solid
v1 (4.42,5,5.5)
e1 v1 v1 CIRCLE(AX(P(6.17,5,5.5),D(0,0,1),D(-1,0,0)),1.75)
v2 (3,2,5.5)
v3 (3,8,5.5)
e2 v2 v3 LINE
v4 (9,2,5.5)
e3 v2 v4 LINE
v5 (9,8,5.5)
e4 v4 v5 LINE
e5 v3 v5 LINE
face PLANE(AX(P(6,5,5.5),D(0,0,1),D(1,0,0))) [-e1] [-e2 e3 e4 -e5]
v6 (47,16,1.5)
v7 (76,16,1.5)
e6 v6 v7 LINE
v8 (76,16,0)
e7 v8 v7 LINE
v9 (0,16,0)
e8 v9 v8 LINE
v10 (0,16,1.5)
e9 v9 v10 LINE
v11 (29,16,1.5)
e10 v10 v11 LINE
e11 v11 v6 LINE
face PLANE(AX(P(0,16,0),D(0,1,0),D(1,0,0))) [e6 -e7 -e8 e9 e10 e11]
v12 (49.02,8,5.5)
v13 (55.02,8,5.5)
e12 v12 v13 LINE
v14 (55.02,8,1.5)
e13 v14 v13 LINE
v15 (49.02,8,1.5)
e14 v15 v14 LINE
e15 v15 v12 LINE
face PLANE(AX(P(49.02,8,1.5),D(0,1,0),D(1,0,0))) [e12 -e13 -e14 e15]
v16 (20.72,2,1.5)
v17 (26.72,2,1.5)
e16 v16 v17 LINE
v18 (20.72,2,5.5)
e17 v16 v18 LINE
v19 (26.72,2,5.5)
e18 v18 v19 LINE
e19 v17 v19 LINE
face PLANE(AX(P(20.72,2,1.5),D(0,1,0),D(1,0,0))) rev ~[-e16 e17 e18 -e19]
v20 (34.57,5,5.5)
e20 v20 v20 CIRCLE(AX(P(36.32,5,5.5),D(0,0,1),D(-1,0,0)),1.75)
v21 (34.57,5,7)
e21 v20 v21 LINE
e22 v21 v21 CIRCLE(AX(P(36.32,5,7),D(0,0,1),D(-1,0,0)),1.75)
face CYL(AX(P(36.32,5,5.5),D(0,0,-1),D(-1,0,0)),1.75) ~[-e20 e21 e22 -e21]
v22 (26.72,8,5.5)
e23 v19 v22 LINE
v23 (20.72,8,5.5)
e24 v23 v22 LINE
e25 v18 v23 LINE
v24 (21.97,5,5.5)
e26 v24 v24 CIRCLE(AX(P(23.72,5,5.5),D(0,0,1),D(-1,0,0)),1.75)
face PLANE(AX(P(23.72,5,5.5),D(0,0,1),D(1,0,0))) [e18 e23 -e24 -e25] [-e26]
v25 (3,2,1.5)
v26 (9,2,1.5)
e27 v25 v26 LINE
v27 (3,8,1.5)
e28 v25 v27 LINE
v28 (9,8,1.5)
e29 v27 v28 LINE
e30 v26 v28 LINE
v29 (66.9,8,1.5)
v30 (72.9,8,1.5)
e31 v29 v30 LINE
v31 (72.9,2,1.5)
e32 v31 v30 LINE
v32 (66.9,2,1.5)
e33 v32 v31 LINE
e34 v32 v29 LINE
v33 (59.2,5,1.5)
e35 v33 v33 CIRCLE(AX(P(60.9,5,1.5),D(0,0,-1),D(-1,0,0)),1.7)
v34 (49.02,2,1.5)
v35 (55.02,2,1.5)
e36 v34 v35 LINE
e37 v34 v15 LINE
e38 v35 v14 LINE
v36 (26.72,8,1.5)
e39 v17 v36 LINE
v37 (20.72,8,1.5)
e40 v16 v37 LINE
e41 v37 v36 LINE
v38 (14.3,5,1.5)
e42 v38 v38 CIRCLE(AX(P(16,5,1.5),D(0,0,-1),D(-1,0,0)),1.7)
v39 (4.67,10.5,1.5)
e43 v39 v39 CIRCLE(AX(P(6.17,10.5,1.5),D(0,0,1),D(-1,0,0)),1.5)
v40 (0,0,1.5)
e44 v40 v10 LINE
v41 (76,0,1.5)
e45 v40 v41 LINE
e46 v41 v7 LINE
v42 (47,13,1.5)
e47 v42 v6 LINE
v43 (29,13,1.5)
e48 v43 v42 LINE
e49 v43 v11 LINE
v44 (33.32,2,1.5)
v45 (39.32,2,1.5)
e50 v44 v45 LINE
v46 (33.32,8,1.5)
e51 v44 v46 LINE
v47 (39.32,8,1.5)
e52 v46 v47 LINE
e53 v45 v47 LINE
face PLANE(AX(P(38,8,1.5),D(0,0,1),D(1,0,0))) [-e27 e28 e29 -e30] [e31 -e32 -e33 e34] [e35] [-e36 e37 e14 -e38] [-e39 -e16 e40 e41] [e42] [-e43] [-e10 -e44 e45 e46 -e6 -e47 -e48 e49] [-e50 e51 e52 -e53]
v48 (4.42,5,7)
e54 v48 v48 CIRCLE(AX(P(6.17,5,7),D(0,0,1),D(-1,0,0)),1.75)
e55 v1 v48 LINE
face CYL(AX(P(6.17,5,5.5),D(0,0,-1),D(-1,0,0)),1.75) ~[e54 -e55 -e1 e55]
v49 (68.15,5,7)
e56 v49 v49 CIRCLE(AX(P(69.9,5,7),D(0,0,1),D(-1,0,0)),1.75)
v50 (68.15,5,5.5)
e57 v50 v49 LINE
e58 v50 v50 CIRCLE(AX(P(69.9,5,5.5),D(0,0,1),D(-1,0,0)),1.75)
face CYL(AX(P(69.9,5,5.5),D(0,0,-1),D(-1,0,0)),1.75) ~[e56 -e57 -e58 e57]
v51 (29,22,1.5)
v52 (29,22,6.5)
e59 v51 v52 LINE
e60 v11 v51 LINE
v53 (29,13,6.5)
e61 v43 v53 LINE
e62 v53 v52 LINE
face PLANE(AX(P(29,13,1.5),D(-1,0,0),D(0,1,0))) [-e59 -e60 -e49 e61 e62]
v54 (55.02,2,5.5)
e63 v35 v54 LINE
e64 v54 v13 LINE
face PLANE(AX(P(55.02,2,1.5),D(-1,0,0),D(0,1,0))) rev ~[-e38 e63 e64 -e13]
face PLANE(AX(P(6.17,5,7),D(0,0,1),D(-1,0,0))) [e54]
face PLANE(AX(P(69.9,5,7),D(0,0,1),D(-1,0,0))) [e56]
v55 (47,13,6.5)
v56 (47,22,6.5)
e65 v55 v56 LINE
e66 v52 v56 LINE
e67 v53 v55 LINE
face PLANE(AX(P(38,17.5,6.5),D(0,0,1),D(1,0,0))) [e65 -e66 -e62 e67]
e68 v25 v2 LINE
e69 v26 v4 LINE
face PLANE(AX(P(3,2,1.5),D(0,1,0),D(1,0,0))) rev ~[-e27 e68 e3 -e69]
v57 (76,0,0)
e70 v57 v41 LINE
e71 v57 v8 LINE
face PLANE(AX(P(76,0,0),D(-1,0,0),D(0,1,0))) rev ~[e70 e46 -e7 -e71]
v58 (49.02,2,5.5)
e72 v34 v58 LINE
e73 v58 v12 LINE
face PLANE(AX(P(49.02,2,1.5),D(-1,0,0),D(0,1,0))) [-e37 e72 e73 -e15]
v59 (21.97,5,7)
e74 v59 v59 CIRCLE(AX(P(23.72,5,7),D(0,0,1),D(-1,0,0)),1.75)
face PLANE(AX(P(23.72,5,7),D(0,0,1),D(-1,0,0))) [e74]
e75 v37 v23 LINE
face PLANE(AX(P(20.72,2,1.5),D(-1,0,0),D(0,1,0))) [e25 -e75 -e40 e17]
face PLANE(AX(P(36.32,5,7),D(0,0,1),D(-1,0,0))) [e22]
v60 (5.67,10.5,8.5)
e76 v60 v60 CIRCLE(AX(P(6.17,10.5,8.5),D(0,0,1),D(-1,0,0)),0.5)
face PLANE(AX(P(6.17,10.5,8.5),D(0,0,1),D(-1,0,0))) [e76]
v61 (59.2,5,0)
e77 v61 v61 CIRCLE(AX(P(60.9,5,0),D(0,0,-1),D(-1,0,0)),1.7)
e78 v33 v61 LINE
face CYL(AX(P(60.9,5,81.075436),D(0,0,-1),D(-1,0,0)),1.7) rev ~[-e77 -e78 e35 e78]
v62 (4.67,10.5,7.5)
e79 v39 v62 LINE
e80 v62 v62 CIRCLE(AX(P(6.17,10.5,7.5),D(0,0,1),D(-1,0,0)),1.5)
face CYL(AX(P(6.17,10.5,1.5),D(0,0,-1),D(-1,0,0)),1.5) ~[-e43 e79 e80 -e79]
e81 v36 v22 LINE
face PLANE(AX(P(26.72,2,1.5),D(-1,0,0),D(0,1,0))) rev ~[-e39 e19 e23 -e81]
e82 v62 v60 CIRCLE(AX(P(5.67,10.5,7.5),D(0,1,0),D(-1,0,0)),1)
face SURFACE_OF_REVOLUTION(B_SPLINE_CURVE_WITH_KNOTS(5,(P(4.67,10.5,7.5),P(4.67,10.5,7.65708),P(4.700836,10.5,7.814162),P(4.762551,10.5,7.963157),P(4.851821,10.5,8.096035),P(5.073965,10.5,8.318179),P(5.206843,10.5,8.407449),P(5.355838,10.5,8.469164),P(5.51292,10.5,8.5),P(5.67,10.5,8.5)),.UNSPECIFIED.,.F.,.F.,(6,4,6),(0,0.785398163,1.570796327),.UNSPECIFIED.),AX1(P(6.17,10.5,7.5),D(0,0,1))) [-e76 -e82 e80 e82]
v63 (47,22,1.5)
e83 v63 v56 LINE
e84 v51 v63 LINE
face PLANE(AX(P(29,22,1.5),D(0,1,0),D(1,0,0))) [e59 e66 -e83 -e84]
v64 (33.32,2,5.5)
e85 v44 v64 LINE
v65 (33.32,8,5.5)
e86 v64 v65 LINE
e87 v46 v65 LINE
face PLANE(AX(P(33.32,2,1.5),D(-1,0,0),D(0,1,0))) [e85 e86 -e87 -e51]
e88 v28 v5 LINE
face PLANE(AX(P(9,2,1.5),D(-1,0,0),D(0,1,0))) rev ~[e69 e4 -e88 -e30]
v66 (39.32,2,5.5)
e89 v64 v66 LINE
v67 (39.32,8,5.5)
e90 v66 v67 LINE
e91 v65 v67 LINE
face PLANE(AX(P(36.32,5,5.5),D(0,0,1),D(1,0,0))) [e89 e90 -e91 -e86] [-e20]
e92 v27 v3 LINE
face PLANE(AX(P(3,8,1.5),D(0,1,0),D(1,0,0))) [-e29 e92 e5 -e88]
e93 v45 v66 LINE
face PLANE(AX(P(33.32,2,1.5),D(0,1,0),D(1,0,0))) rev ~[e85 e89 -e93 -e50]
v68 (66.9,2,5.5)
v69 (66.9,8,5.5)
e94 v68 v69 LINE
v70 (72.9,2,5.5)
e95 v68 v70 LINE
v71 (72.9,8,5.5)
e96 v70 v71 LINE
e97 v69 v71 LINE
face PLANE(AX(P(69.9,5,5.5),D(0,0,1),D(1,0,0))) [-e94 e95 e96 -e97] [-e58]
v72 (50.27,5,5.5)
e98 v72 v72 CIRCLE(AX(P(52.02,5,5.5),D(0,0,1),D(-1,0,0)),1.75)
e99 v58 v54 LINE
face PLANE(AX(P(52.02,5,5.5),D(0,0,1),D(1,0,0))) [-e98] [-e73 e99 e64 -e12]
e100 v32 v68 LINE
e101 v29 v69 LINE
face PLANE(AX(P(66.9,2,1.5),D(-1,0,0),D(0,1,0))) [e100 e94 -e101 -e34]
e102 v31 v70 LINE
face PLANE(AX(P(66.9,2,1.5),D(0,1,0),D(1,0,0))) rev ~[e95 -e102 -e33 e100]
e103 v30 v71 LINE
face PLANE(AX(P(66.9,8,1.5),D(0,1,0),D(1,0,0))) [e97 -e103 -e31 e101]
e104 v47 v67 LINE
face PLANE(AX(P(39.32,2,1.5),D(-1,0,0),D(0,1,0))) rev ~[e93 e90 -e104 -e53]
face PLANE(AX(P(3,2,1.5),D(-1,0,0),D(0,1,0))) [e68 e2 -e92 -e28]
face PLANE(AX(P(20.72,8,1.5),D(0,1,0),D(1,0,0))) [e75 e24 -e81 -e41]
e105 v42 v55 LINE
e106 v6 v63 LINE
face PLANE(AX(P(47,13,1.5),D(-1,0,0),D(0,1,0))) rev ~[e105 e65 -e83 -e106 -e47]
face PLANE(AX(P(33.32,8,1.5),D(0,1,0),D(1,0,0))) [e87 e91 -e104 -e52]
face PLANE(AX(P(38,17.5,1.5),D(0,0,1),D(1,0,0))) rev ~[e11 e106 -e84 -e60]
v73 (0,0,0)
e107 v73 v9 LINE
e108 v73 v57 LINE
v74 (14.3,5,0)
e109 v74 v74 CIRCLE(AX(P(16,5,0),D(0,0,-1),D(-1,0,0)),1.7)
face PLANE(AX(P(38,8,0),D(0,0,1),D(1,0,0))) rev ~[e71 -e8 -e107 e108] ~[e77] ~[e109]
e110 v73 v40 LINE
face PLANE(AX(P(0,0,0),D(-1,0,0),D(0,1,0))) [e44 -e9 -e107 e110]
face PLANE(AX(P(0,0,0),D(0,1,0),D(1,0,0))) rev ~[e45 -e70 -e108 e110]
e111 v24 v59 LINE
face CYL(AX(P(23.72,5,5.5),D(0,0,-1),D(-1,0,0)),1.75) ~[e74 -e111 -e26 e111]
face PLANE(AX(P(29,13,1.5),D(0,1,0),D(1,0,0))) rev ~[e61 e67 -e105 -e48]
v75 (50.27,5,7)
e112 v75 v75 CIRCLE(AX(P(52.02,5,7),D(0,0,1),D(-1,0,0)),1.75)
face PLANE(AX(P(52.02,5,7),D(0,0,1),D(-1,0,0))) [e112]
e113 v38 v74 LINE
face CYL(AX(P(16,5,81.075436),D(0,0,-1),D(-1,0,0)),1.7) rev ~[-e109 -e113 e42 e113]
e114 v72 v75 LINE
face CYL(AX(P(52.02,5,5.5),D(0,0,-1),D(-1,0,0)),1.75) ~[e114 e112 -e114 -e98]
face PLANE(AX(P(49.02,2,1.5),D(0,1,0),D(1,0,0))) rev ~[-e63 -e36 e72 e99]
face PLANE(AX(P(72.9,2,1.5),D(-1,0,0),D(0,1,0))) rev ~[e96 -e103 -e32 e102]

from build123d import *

# Parameters (mm, degrees)
SKETCH1_W            = 76
SKETCH1_H            = 16
BOSS_EXTRUDE1_DEPTH  = 1.5
SKETCH2_W            = 6
SKETCH2_H            = 6
BOSS_EXTRUDE2_DEPTH  = 4
SKETCH3_R            = 1.75
BOSS_EXTRUDE3_DEPTH  = 1.5
SKETCH7_W            = 6
SKETCH7_H            = 6
BOSS_EXTRUDE4_DEPTH  = 4
SKETCH9_R            = 1.75
BOSS_EXTRUDE5_DEPTH  = 1.5
SKETCH11_W           = 6
SKETCH11_H           = 6
BOSS_EXTRUDE6_DEPTH  = 4
SKETCH13_R           = 1.75
BOSS_EXTRUDE7_DEPTH  = 1.5
SKETCH15_W           = 6
SKETCH15_H           = 6
BOSS_EXTRUDE8_DEPTH  = 4
SKETCH17_R           = 1.75
BOSS_EXTRUDE9_DEPTH  = 1.5
SKETCH19_W           = 6
SKETCH19_H           = 6
BOSS_EXTRUDE10_DEPTH = 4
SKETCH21_R           = 1.75
BOSS_EXTRUDE11_DEPTH = 1.5
SKETCH23_R           = 1.5
BOSS_EXTRUDE12_DEPTH = 7
FILLET1_R            = 1
SKETCH24_W           = 18
SKETCH24_H           = 9
BOSS_EXTRUDE13_DEPTH = 5
M3_CLEARANCE_HOLE2_D = 3.4


with BuildPart() as part:
    # Sketch1 → Boss-Extrude1 (new body)
    with BuildSketch(Plane.XY):
        with Locations((38, 8)):
            Rectangle(SKETCH1_W, SKETCH1_H)
    extrude(amount=BOSS_EXTRUDE1_DEPTH)

    # Sketch2 → Boss-Extrude2 (add)
    with BuildSketch(Plane.XY.offset(1.5)):
        with Locations((6, 5)):
            Rectangle(SKETCH2_W, SKETCH2_H)
    extrude(amount=BOSS_EXTRUDE2_DEPTH)

    # Sketch3 → Boss-Extrude3 (add)
    with BuildSketch(Plane.XY.offset(5.5)):
        with Locations(Location((6.17, 5, 0), (0, 0, 180))):
            Circle(SKETCH3_R)
    extrude(amount=BOSS_EXTRUDE3_DEPTH)

    # Sketch7 → Boss-Extrude4 (add)
    with BuildSketch(Plane(origin=(16.242371321, -0.520498802, 1.5), x_dir=(1, 0, 0), z_dir=(0, 0, 1))):
        with Locations((7.477628679, 5.520498802)):
            Rectangle(SKETCH7_W, SKETCH7_H)
    extrude(amount=BOSS_EXTRUDE4_DEPTH)

    # Sketch9 → Boss-Extrude5 (add)
    with BuildSketch(Plane(origin=(16.242371321, -0.520498802, 5.5), x_dir=(1, 0, 0), z_dir=(0, 0, 1))):
        with Locations(Location((7.477628679, 5.520498802, 0), (0, 0, 180))):
            Circle(SKETCH9_R)
    extrude(amount=BOSS_EXTRUDE5_DEPTH)

    # Sketch11 → Boss-Extrude6 (add)
    with BuildSketch(Plane(origin=(28.595266875, 2.580968484, 1.5), x_dir=(1, 0, 0), z_dir=(0, 0, 1))):
        with Locations((7.724733125, 2.419031516)):
            Rectangle(SKETCH11_W, SKETCH11_H)
    extrude(amount=BOSS_EXTRUDE6_DEPTH)

    # Sketch13 → Boss-Extrude7 (add)
    with BuildSketch(Plane(origin=(28.595266875, 2.580968484, 5.5), x_dir=(1, 0, 0), z_dir=(0, 0, 1))):
        with Locations(Location((7.724733125, 2.419031516, 0), (0, 0, 180))):
            Circle(SKETCH13_R)
    extrude(amount=BOSS_EXTRUDE7_DEPTH)

    # Sketch15 → Boss-Extrude8 (add)
    with BuildSketch(Plane(origin=(42.206058337, 2.089594669, 1.5), x_dir=(1, 0, 0), z_dir=(0, 0, 1))):
        with Locations((9.813941663, 2.910405331)):
            Rectangle(SKETCH15_W, SKETCH15_H)
    extrude(amount=BOSS_EXTRUDE8_DEPTH)

    # Sketch17 → Boss-Extrude9 (add)
    with BuildSketch(Plane(origin=(42.206058337, 2.089594669, 5.5), x_dir=(1, 0, 0), z_dir=(0, 0, 1))):
        with Locations(Location((9.813941663, 2.910405331, 0), (0, 0, 180))):
            Circle(SKETCH17_R)
    extrude(amount=BOSS_EXTRUDE9_DEPTH)

    # Sketch19 → Boss-Extrude10 (add)
    with BuildSketch(Plane(origin=(52.604179533, 1.086479777, 1.5), x_dir=(1, 0, 0), z_dir=(0, 0, 1))):
        with Locations((17.295820467, 3.913520223)):
            Rectangle(SKETCH19_W, SKETCH19_H)
    extrude(amount=BOSS_EXTRUDE10_DEPTH)

    # Sketch21 → Boss-Extrude11 (add)
    with BuildSketch(Plane(origin=(52.604179533, 1.086479777, 5.5), x_dir=(1, 0, 0), z_dir=(0, 0, 1))):
        with Locations(Location((17.295820467, 3.913520223, 0), (0, 0, 180))):
            Circle(SKETCH21_R)
    extrude(amount=BOSS_EXTRUDE11_DEPTH)

    # Sketch23 → Boss-Extrude12 (add)
    with BuildSketch(Plane.XY.offset(1.5)):
        with Locations(Location((6.17, 10.5, 0), (0, 0, 180))):
            Circle(SKETCH23_R)
    extrude(amount=BOSS_EXTRUDE12_DEPTH)

    # Fillet1
    fillet1_edges = [part.edges().sort_by_distance(p)[0] for p in [
        (7.67, 10.5, 8.5),
    ]]
    fillet(fillet1_edges, radius=FILLET1_R)

    # Sketch24 → Boss-Extrude13 (add)
    with BuildSketch(Plane.XY.offset(1.5)):
        with Locations((38, 17.5)):
            Rectangle(SKETCH24_W, SKETCH24_H)
    extrude(amount=BOSS_EXTRUDE13_DEPTH)

    # M3 Clearance Hole2 (through all)
    with Locations(Plane.XY.offset(1.5)):
        with Locations((16, 5), (60.9, 5)):
            Hole(M3_CLEARANCE_HOLE2_D / 2)


solid = part.part
